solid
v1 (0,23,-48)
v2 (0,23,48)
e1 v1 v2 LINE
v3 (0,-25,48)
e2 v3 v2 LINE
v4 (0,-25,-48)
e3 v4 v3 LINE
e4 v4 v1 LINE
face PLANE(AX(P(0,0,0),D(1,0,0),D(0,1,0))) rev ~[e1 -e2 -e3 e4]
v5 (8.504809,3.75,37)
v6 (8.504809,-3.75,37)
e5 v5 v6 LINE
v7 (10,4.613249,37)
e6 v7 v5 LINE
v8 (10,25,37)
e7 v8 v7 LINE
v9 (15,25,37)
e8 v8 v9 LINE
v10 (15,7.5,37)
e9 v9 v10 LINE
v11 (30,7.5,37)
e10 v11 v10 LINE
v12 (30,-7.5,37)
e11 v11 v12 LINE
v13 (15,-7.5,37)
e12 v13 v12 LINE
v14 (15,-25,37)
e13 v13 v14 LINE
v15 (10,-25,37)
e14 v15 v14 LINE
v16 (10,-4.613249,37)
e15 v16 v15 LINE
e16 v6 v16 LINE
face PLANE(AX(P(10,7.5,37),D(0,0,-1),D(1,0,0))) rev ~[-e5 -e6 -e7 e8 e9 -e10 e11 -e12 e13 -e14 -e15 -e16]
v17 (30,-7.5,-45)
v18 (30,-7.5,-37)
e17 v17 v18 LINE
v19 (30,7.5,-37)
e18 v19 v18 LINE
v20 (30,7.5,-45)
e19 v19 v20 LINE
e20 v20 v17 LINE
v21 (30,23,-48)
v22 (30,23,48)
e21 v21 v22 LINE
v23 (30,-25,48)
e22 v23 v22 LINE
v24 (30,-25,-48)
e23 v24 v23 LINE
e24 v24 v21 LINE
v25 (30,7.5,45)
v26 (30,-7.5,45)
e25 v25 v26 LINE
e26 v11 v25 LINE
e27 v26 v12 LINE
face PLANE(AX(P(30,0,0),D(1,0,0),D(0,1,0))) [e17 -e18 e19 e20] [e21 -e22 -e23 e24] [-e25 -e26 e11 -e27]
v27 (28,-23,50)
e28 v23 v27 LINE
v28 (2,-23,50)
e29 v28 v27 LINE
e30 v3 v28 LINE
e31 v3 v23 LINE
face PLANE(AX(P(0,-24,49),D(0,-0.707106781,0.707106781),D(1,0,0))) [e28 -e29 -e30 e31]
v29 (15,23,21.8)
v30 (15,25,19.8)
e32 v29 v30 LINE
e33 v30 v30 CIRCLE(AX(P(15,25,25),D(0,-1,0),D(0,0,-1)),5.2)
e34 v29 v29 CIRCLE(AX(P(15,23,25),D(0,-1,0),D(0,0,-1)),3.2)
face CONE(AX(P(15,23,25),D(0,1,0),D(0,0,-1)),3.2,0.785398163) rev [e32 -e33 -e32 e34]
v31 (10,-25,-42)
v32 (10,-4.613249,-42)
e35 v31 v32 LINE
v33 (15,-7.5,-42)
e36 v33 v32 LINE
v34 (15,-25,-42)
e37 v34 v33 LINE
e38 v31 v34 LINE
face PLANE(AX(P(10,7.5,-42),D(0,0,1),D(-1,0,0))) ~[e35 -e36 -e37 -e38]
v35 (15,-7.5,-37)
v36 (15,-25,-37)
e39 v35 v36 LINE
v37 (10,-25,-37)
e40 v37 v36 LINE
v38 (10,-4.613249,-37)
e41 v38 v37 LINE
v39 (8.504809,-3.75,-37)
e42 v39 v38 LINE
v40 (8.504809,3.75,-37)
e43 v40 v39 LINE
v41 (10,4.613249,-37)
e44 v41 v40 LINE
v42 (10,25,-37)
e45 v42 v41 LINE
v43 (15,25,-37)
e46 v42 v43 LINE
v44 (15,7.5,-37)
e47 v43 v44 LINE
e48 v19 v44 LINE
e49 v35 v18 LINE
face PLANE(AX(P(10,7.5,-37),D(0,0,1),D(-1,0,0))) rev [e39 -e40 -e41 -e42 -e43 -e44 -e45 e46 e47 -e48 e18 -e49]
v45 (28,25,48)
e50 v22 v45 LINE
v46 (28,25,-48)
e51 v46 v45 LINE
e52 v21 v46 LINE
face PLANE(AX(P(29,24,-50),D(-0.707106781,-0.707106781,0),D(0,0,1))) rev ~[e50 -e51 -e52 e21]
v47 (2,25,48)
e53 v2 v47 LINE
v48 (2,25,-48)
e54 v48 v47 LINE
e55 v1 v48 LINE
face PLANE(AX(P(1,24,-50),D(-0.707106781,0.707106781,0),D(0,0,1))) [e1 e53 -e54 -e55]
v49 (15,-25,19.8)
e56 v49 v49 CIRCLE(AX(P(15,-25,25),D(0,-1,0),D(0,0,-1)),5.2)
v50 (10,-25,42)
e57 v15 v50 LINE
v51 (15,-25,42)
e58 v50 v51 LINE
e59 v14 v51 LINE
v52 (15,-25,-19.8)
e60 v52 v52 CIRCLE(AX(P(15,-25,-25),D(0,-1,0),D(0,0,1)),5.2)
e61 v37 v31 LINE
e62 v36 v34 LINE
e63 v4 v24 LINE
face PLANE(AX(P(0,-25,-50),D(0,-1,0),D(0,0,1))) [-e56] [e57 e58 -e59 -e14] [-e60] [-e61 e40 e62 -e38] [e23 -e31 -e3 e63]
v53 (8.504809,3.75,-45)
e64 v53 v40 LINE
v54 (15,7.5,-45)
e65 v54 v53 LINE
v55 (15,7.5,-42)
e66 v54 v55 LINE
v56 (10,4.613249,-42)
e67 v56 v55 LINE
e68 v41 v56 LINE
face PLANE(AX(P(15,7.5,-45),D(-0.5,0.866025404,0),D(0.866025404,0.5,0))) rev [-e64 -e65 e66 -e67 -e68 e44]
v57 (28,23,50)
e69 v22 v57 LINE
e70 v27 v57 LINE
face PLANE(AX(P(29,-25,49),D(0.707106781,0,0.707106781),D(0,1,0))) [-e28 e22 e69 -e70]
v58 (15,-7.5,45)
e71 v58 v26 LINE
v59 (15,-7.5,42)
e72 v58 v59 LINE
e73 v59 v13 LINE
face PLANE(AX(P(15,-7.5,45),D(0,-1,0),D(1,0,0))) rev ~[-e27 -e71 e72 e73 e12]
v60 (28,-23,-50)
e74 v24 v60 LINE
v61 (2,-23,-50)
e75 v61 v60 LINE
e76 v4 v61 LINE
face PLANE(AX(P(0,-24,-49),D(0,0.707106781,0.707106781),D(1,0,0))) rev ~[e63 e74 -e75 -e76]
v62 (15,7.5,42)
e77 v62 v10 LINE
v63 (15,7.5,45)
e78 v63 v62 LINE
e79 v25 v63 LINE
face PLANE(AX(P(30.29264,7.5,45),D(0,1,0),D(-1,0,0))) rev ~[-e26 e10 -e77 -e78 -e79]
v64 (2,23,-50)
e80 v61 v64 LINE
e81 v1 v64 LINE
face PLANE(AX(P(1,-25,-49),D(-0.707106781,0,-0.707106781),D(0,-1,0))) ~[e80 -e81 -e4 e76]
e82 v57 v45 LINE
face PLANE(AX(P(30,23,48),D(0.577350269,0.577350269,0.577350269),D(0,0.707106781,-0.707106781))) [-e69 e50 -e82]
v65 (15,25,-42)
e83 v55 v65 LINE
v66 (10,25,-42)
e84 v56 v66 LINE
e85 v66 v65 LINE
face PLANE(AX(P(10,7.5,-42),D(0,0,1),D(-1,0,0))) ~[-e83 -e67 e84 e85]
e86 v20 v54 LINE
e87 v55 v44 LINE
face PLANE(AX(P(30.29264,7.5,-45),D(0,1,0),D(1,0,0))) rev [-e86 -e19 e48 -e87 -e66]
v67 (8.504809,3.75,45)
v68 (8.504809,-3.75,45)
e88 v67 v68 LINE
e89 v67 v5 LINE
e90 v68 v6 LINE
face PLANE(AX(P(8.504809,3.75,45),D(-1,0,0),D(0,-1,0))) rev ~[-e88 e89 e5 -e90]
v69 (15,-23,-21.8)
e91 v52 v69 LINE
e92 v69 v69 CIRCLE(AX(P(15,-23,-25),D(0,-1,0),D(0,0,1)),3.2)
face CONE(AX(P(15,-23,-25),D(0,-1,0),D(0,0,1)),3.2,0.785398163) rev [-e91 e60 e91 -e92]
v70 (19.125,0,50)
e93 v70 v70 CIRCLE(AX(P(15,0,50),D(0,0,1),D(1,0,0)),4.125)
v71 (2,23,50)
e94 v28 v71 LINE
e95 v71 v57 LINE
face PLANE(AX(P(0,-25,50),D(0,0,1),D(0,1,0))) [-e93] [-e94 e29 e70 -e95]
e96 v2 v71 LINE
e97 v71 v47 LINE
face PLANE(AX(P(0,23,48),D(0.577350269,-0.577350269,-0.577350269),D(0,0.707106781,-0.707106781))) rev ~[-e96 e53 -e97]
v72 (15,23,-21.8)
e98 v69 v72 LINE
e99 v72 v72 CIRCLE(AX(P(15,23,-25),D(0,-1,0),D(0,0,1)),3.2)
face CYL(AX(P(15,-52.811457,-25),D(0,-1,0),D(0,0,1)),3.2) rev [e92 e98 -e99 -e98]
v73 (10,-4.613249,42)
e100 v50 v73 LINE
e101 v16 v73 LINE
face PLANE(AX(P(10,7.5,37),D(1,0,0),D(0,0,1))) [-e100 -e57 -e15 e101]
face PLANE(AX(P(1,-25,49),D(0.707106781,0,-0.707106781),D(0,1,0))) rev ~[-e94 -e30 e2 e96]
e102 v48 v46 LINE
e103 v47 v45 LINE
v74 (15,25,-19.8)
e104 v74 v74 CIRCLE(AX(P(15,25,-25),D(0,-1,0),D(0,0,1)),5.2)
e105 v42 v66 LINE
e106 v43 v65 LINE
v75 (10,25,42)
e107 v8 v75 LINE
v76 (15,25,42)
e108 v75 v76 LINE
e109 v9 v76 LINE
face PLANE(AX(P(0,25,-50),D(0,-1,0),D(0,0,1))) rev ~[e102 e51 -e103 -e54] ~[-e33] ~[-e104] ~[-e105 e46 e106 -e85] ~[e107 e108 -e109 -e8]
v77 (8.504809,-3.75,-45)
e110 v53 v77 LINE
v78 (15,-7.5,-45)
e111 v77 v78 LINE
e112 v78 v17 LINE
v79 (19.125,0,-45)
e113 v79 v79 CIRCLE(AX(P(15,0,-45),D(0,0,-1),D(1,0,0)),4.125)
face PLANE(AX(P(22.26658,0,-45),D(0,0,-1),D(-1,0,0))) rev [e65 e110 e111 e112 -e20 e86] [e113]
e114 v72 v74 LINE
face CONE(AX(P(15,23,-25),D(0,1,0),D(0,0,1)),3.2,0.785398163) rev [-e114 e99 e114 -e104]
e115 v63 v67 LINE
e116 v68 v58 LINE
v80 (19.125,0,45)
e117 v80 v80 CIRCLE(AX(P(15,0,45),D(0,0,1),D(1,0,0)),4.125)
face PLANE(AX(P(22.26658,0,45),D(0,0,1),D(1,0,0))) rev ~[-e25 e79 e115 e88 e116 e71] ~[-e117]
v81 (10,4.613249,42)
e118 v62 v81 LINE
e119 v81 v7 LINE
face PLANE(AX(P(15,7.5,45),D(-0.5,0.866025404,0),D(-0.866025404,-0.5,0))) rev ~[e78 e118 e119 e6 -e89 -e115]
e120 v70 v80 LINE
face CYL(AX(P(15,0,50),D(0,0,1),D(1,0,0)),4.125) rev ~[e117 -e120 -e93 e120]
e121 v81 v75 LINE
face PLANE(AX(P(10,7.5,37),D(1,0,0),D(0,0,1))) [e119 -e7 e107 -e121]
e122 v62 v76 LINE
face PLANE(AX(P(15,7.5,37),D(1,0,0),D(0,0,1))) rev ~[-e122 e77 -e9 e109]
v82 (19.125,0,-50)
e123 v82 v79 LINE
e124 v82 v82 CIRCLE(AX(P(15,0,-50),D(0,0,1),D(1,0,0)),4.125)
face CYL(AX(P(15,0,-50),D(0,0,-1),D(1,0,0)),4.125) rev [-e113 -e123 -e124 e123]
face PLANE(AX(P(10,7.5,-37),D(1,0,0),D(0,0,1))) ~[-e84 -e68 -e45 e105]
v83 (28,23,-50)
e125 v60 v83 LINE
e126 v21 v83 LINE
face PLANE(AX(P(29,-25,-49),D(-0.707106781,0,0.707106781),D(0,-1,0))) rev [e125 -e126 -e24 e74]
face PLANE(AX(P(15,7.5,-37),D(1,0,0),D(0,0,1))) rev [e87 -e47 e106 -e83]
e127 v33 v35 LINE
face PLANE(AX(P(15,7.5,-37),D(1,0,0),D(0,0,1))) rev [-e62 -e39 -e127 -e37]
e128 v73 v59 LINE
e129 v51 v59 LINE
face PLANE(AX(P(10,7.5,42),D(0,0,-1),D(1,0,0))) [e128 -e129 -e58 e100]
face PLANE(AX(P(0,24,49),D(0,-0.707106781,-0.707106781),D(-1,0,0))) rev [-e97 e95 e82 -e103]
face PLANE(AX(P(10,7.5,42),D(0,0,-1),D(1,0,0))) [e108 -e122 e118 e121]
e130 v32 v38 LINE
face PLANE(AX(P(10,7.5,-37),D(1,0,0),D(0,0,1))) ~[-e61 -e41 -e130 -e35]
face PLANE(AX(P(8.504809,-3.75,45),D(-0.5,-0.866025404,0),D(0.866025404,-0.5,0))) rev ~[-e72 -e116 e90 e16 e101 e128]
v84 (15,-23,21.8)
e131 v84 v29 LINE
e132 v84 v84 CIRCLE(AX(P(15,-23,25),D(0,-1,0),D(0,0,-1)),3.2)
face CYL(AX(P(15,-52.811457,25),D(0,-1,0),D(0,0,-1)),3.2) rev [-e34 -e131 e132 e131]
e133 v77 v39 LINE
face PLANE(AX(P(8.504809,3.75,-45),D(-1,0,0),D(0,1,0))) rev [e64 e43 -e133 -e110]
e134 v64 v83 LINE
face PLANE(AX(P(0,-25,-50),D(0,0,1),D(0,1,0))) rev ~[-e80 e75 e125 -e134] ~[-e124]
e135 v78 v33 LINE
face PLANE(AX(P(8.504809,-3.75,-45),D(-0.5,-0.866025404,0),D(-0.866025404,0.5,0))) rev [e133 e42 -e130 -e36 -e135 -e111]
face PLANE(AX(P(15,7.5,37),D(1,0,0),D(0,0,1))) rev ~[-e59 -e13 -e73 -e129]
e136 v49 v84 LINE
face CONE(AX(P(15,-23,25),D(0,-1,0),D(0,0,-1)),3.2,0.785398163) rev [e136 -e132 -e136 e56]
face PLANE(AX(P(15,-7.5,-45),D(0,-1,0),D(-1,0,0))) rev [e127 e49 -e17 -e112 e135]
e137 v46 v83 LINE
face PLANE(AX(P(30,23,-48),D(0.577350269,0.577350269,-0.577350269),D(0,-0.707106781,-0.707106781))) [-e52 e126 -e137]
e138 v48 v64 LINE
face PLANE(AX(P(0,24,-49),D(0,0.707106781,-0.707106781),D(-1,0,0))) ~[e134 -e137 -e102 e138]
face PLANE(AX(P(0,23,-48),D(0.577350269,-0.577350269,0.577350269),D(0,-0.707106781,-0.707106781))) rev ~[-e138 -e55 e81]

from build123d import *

# Parameters (mm, degrees)
SKETCH1_W               = 50
SKETCH1_H               = 100
BOSS_EXTRUDE1_DEPTH     = 30
CUT_EXTRUDE1_DEPTH      = 77.811457479
CUT_EXTRUDE1_DEPTH_BACK = 77.811457479
SKETCH2_R               = 3.2
CHAMFER1_SIZE           = 2
CUT_EXTRUDE2_START      = -5
SKETCH3_W               = 2.292640227
SKETCH3_H               = 15
CUT_EXTRUDE2_DEPTH      = 8
SKETCH4_R               = 4.125
CUT_EXTRUDE3_DEPTH      = 8
SKETCH6_W               = 5
SKETCH6_H               = 5
CUT_EXTRUDE4_DEPTH      = 67.755149614


with BuildPart() as part:
    # Sketch1 → Boss-Extrude1 (new body)
    with BuildSketch(Plane.YZ):
        Rectangle(SKETCH1_W, SKETCH1_H)
    extrude(amount=BOSS_EXTRUDE1_DEPTH)

    # Sketch2 → Cut-Extrude1 (cut, two sides: drawn at the far end of the back side and taken through both)
    with BuildSketch(Plane(origin=(0, 25, 0), x_dir=(-1, 0, 0), z_dir=(0, 1, 0)).offset(-CUT_EXTRUDE1_DEPTH_BACK)):
        with Locations(Location((-15, -25, 0), (0, 0, 90))):
            Circle(SKETCH2_R)
        with Locations(Location((-15, 25, 0), (0, 0, 270))):
            Circle(SKETCH2_R)
    extrude(amount=CUT_EXTRUDE1_DEPTH + CUT_EXTRUDE1_DEPTH_BACK, mode=Mode.SUBTRACT)

    # Chamfer1
    chamfer1_edges = [part.edges().sort_by_distance(p)[0] for p in [
        (15, 25, 50),
        (15, -25, 50),
        (0, 0, 50),
        (30, 0, 50),
        (15, 25, -50),
        (0, 25, 0),
        (30, 25, 0),
        (15, 25, -28.2),
        (15, 25, 28.2),
        (15, -25, -50),
        (15, -25, 28.2),
        (15, -25, -28.2),
        (0, 0, -50),
        (30, 0, -50),
    ]]
    chamfer(chamfer1_edges, length=CHAMFER1_SIZE)

    # Sketch3 → Cut-Extrude2 (cut)
    with BuildSketch(Plane.XY.offset(50).offset(CUT_EXTRUDE2_START)):
        Polygon((15, 7.5), (21.495190528, 3.75), (21.495190528, -3.75), (15, -7.5), (28, -7.5), (28, 7.5), align=None)
        with Locations((29.146320114, 0)):
            Rectangle(SKETCH3_W, SKETCH3_H)
        Polygon((15, -7.5), (21.495190528, -3.75), (21.495190528, 3.75), (15, 7.5), (8.504809472, 3.75), (8.504809472, -3.75), align=None)
    cut_extrude2 = extrude(amount=-CUT_EXTRUDE2_DEPTH, mode=Mode.SUBTRACT)

    # Sketch4 → Cut-Extrude3 (cut)
    with BuildSketch(Plane.XY.offset(50)):
        with Locations((15, 0)):
            Circle(SKETCH4_R)
    cut_extrude3 = extrude(amount=-CUT_EXTRUDE3_DEPTH, mode=Mode.SUBTRACT)

    # Sketch6 → Cut-Extrude4 (cut, symmetric)
    with BuildSketch(Plane.XZ.offset(-7.5)):
        with Locations((12.5, 39.5)):
            Rectangle(SKETCH6_W, SKETCH6_H)
    cut_extrude4 = extrude(amount=CUT_EXTRUDE4_DEPTH, both=True, mode=Mode.SUBTRACT)

    # Mirror1: Cut-Extrude2, Cut-Extrude3, Cut-Extrude4 across plane
    add(cut_extrude2.mirror(Plane.XY), mode=Mode.SUBTRACT)
    add(cut_extrude3.mirror(Plane.XY), mode=Mode.SUBTRACT)
    add(cut_extrude4.mirror(Plane.XY), mode=Mode.SUBTRACT)


solid = part.part
